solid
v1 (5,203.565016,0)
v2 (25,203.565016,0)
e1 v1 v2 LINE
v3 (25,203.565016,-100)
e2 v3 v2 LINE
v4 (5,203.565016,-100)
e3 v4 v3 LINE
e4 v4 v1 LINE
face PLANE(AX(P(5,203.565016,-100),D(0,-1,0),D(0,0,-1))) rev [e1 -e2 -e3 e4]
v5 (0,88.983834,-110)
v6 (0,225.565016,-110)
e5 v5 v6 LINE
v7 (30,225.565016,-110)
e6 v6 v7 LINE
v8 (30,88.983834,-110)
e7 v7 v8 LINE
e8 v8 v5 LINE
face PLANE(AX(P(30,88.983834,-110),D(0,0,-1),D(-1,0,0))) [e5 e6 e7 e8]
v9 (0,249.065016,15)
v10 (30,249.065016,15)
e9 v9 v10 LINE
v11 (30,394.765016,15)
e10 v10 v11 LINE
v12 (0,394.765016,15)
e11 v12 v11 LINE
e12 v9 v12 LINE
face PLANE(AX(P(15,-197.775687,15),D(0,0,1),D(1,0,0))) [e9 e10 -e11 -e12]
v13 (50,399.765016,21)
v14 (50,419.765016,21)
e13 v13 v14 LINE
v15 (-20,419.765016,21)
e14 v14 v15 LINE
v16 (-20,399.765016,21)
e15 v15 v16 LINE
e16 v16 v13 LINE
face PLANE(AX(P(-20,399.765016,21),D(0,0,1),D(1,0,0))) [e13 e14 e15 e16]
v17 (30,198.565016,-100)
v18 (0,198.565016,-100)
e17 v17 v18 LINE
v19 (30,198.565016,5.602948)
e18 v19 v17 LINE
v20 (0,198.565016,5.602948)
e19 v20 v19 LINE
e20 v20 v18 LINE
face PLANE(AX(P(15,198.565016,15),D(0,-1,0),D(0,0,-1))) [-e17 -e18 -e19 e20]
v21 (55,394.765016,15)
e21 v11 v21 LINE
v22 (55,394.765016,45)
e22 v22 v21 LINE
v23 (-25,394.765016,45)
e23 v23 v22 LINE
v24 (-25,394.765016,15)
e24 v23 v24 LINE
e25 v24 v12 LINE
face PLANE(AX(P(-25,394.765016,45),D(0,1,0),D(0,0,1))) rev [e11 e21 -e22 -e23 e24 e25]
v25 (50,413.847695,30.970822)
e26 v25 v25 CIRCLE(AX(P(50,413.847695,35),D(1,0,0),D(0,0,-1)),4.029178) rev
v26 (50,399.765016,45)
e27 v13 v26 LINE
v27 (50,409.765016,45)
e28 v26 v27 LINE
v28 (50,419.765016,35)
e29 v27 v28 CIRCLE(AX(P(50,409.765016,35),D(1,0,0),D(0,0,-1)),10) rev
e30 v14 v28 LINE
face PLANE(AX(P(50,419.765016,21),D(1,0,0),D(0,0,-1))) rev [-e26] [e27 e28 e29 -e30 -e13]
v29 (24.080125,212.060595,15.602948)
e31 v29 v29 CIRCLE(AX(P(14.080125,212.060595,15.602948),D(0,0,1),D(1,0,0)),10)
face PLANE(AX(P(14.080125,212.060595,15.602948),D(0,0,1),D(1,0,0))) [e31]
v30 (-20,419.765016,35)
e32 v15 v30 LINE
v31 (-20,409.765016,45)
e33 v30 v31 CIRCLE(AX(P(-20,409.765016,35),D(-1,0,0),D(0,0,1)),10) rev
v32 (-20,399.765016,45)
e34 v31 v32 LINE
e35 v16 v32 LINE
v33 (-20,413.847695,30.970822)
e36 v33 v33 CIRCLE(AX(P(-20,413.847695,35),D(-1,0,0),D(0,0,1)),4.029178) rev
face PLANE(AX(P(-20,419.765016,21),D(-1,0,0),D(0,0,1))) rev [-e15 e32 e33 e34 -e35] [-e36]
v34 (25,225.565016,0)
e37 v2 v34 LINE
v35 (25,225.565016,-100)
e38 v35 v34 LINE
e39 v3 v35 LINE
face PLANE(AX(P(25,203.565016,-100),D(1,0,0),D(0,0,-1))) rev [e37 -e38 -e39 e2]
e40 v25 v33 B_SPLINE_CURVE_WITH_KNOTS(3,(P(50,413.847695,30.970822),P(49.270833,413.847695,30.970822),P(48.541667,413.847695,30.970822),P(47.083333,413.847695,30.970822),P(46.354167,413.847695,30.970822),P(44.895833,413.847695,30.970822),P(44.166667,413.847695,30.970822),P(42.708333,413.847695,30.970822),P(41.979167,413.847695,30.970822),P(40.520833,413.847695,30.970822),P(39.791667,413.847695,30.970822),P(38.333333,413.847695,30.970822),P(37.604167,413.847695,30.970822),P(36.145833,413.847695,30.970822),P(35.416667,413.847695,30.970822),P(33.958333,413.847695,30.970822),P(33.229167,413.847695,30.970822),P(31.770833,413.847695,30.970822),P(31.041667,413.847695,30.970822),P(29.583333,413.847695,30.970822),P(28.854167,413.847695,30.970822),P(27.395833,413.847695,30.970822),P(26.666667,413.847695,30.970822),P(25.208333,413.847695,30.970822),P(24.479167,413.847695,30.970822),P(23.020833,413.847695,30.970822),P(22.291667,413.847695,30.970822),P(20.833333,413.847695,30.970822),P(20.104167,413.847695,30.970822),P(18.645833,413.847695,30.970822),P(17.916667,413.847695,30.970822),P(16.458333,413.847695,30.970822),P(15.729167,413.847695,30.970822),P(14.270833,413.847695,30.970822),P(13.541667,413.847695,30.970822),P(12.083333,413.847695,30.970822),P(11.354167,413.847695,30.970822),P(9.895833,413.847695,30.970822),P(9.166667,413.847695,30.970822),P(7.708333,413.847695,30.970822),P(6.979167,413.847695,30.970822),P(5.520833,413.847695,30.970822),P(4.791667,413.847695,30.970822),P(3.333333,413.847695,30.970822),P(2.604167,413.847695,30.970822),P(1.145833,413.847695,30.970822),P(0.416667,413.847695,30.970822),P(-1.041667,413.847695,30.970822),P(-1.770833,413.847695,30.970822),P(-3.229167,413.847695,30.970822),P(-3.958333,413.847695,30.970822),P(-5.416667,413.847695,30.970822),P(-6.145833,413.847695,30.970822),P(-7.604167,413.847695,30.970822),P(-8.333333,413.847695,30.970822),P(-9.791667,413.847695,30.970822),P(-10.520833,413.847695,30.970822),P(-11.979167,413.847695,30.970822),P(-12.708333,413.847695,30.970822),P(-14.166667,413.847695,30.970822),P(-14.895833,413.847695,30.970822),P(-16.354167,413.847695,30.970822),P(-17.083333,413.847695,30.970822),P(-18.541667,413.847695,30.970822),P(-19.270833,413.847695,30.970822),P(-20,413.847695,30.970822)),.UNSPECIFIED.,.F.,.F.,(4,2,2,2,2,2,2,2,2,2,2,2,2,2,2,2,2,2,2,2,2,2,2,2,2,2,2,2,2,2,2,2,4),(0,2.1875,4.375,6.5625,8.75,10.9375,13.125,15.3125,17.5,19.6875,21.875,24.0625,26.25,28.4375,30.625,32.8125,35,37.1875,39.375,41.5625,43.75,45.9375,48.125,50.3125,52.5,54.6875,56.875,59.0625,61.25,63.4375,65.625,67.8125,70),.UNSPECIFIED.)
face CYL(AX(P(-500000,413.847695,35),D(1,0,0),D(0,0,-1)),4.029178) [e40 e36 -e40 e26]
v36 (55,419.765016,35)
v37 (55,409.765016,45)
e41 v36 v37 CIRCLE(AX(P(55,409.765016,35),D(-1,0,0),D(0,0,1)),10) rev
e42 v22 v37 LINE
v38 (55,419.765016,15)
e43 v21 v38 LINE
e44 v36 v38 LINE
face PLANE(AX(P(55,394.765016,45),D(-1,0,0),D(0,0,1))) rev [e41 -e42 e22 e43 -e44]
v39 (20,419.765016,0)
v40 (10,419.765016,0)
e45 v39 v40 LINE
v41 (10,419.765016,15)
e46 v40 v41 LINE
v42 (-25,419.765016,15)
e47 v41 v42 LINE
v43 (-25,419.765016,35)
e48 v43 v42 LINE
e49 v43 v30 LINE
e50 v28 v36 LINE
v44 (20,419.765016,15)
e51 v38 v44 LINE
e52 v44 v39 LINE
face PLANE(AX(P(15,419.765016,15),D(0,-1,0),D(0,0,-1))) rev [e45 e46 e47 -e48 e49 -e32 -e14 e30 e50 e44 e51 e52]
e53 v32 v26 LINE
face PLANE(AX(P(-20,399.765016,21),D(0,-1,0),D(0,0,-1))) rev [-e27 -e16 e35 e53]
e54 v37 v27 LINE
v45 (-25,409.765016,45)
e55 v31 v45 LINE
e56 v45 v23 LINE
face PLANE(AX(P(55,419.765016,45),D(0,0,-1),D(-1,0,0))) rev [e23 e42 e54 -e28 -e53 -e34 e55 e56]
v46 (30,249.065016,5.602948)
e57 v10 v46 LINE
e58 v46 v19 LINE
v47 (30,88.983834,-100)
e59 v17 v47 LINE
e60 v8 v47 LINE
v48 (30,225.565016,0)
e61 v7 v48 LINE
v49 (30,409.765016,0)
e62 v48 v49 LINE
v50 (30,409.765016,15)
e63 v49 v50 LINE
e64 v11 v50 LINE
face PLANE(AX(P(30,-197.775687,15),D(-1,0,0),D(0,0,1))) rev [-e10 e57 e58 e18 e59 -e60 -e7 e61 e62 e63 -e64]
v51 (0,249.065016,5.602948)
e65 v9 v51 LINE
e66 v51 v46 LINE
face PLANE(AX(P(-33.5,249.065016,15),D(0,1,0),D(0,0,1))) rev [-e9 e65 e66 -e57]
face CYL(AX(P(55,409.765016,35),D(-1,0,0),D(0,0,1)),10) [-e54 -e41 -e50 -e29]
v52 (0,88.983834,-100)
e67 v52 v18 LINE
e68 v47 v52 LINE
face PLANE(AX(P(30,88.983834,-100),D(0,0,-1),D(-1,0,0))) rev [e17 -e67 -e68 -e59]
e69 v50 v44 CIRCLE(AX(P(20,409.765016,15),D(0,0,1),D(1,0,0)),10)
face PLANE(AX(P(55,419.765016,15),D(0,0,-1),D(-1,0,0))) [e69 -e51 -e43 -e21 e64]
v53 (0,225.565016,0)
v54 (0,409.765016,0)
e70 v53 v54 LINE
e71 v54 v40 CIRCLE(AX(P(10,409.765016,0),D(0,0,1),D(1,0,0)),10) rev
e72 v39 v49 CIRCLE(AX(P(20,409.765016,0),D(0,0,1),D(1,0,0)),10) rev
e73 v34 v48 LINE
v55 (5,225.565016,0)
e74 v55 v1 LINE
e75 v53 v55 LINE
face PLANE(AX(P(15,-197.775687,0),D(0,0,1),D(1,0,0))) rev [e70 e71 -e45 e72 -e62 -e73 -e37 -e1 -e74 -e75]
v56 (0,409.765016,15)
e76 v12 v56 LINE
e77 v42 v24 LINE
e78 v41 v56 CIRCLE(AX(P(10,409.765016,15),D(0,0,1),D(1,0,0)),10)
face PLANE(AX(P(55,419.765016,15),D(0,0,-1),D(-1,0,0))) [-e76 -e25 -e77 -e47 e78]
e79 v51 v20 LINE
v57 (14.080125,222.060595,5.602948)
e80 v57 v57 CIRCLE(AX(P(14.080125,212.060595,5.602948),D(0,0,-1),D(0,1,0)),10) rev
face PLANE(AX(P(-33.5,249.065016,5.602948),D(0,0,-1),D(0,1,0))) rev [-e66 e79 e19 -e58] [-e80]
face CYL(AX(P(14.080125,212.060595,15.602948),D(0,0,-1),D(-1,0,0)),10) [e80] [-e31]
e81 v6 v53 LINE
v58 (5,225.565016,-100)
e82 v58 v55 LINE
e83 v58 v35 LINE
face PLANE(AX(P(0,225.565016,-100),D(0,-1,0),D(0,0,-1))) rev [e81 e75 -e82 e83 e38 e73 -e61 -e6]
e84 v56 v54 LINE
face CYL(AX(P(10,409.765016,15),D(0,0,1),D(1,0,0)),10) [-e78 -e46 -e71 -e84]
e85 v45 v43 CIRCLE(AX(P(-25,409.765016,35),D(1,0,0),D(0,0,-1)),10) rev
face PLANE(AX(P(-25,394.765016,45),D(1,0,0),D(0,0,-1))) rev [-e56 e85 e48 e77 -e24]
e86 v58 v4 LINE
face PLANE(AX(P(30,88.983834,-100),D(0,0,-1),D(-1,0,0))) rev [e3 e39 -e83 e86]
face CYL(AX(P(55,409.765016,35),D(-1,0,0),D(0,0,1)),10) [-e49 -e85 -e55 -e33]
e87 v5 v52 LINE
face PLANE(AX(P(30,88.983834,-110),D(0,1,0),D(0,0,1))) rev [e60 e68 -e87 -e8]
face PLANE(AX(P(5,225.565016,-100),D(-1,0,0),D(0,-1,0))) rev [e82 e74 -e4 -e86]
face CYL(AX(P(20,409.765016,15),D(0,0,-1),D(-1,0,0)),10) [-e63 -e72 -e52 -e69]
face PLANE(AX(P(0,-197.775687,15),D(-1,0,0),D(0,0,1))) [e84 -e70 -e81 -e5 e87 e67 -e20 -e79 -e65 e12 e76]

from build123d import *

# Parameters (mm, degrees)
SKETCH1_W                       = 30
SKETCH1_H                       = 194.2
SKETCH1_H_2                     = 27
SKETCH1_H_3                     = 261.4
EXTRUDE1_DEPTH                  = 15
FILLET1_R                       = 10
EXTRUDE2_DEPTH                  = 10
SKETCH3_W                       = 80
SKETCH3_H                       = 25
EXTRUDE3_DEPTH                  = 30
SKETCH5_W                       = 70
SKETCH5_H                       = 20
EXTRUDE4_DEPTH                  = 24
FILLET2_R                       = 10
EXTRUDE5_REACH                  = 432.349
SKETCH6_R                       = 4.029178008
SKETCH7_W                       = 30
SKETCH7_H                       = 263.372286267
EXTRUDE6_DEPTH                  = 427.91910061
EXTRUDE7_DEPTH                  = 100
SKETCH9_W                       = 30
SKETCH9_H                       = 136.58118173
EXTRUDE8_DEPTH                  = 10
F_1_4_0_25_DIAMETER_HOLE1_D     = 6.35
F_1_4_0_25_DIAMETER_HOLE1_DEPTH = 10
F_1_4_0_25_DIAMETER_HOLE1_TIP   = 1.907732465
EXTRUDE10_DEPTH                 = 439.560051151
EXTRUDE10_DEPTH_BACK            = 439.560051151
SKETCH11_W                      = 9.397052114
SKETCH11_H                      = 50.5
SKETCH12_R                      = 10
EXTRUDE11_DEPTH                 = 10


with BuildPart() as part:
    # Sketch1 → Extrude1 (new body)
    with BuildSketch(Plane.XY):
        with Locations((15, 322.665015772)):
            Rectangle(SKETCH1_W, SKETCH1_H)
        with BuildLine():
            Line((30, 225.565015772), (30, 198.565015772))
            Line((30, 198.565015772), (50, 198.565015772))
            ThreePointArc((50, 198.565015772), (63.5, 212.065015772), (50, 225.565015772))
            Line((50, 225.565015772), (30, 225.565015772))
        make_face()
        with Locations((15, 212.065015772)):
            Rectangle(SKETCH1_W, SKETCH1_H_2)
        with BuildLine():
            Line((-20, 198.565015772), (0, 198.565015772))
            Line((0, 198.565015772), (0, 225.565015772))
            Line((0, 225.565015772), (-20, 225.565015772))
            ThreePointArc((-20, 225.565015772), (-33.5, 212.065015772), (-20, 198.565015772))
        make_face()
        with Locations((15, 67.865015772)):
            Rectangle(SKETCH1_W, SKETCH1_H_3)
    extrude(amount=EXTRUDE1_DEPTH)

    # Fillet1
    fillet1_edges = [part.edges().sort_by_distance(p)[0] for p in [
        (0, 419.765015772, 7.5),
        (30, 419.765015772, 7.5),
        (30, -62.834984228, 7.5),
        (0, -62.834984228, 7.5),
    ]]
    fillet(fillet1_edges, radius=FILLET1_R)

    # Sketch2 → Extrude2 (cut)
    with BuildSketch(Plane(origin=(0, 0, 0), x_dir=(-1, 0, 0), z_dir=(0, 0, -1))):
        with BuildLine():
            Line((-50, 225.565015772), (-30, 225.565015772))
            Line((-30, 225.565015772), (-30, 198.565015772))
            Line((-30, 198.565015772), (-50, 198.565015772))
            ThreePointArc((-50, 198.565015772), (-63.5, 212.065015772), (-50, 225.565015772))
        make_face()
        with BuildLine():
            Line((0, 198.565015772), (20, 198.565015772))
            ThreePointArc((20, 198.565015772), (33.5, 212.065015772), (20, 225.565015772))
            Line((20, 225.565015772), (0, 225.565015772))
            Line((0, 225.565015772), (0, 198.565015772))
        make_face()
    extrude(amount=-EXTRUDE2_DEPTH, mode=Mode.SUBTRACT)

    # Sketch3 → Extrude3 (add)
    with BuildSketch(Plane.XY.offset(15)):
        with Locations((15, 407.265015772)):
            Rectangle(SKETCH3_W, SKETCH3_H)
    extrude(amount=EXTRUDE3_DEPTH)

    # Sketch5 → Extrude4 (cut)
    with BuildSketch(Plane.XY.offset(45)):
        with Locations((15, 409.765015772)):
            Rectangle(SKETCH5_W, SKETCH5_H)
    extrude(amount=-EXTRUDE4_DEPTH, mode=Mode.SUBTRACT)

    # Fillet2
    fillet2_edges = [part.edges().sort_by_distance(p)[0] for p in [
        (52.5, 419.765015772, 45),
        (-22.5, 419.765015772, 45),
    ]]
    fillet(fillet2_edges, radius=FILLET2_R)

    # Sketch6 → Extrude5 (add, up to next)
    with BuildSketch(Plane.ZY.offset(-50), mode=Mode.PRIVATE) as extrude5_sk1:
        with Locations(Location((35, 413.847695375, 0), (0, 0, 180))):
            Circle(SKETCH6_R)
    extrude5_tool1 = extrude(extrude5_sk1.sketch, amount=EXTRUDE5_REACH, mode=Mode.PRIVATE) - part.part
    add(extrude5_tool1.solids().sort_by_distance((50, 413.847695, 35))[0])

    # Sketch7 → Extrude6 (cut, through all)
    with BuildSketch(Plane(origin=(0, 0, 0), x_dir=(-1, 0, 0), z_dir=(0, 0, -1))):
        with Locations((-15, 66.878872639)):
            Rectangle(SKETCH7_W, SKETCH7_H)
    extrude(amount=-EXTRUDE6_DEPTH, mode=Mode.SUBTRACT)

    # Sketch8 → Extrude7 (add)
    with BuildSketch(Plane(origin=(0, 0, 0), x_dir=(-1, 0, 0), z_dir=(0, 0, -1))):
        Polygon((-30, 198.565015772), (0, 198.565015772), (0, 225.565015772), (-5, 225.565015772), (-5, 203.565015772), (-25, 203.565015772), (-25, 225.565015772), (-30, 225.565015772), align=None)
    extrude(amount=EXTRUDE7_DEPTH)

    # Sketch9 → Extrude8 (add)
    with BuildSketch(Plane(origin=(0, 0, -100), x_dir=(-1, 0, 0), z_dir=(0, 0, -1))):
        with Locations((-15, 157.274424907)):
            Rectangle(SKETCH9_W, SKETCH9_H)
    extrude(amount=EXTRUDE8_DEPTH)

    # 1/4 (0.25) Diameter Hole1
    with Locations(Plane(origin=(-20, 212.065015772, 10), x_dir=(-1, 0, 0), z_dir=(0, 0, -1))):
        with Locations((0, 0), (-70, 0)):
            Hole(F_1_4_0_25_DIAMETER_HOLE1_D / 2, depth=F_1_4_0_25_DIAMETER_HOLE1_DEPTH)
            with Locations((0, 0, -(F_1_4_0_25_DIAMETER_HOLE1_DEPTH + F_1_4_0_25_DIAMETER_HOLE1_TIP / 2))):  # 118° drill point
                Cone(0, F_1_4_0_25_DIAMETER_HOLE1_D / 2, F_1_4_0_25_DIAMETER_HOLE1_TIP, mode=Mode.SUBTRACT)

    # Sketch11 → Extrude10 (cut, two sides: drawn at the far end of the back side and taken through both)
    with BuildSketch(Plane(origin=(30, 0, 0), x_dir=(0, 0, -1), z_dir=(1, 0, 0)).offset(-EXTRUDE10_DEPTH_BACK)):
        with Locations((-10.301473943, 223.815015772)):
            Rectangle(SKETCH11_W, SKETCH11_H)
    extrude(amount=EXTRUDE10_DEPTH + EXTRUDE10_DEPTH_BACK, mode=Mode.SUBTRACT)

    # Sketch12 → Extrude11 (add)
    with BuildSketch(Plane.XY.offset(5.602947886)):
        with Locations(Location((14.080124671, 212.060594596, 0), (0, 0, 90))):
            Circle(SKETCH12_R)
    extrude(amount=EXTRUDE11_DEPTH)


solid = part.part
